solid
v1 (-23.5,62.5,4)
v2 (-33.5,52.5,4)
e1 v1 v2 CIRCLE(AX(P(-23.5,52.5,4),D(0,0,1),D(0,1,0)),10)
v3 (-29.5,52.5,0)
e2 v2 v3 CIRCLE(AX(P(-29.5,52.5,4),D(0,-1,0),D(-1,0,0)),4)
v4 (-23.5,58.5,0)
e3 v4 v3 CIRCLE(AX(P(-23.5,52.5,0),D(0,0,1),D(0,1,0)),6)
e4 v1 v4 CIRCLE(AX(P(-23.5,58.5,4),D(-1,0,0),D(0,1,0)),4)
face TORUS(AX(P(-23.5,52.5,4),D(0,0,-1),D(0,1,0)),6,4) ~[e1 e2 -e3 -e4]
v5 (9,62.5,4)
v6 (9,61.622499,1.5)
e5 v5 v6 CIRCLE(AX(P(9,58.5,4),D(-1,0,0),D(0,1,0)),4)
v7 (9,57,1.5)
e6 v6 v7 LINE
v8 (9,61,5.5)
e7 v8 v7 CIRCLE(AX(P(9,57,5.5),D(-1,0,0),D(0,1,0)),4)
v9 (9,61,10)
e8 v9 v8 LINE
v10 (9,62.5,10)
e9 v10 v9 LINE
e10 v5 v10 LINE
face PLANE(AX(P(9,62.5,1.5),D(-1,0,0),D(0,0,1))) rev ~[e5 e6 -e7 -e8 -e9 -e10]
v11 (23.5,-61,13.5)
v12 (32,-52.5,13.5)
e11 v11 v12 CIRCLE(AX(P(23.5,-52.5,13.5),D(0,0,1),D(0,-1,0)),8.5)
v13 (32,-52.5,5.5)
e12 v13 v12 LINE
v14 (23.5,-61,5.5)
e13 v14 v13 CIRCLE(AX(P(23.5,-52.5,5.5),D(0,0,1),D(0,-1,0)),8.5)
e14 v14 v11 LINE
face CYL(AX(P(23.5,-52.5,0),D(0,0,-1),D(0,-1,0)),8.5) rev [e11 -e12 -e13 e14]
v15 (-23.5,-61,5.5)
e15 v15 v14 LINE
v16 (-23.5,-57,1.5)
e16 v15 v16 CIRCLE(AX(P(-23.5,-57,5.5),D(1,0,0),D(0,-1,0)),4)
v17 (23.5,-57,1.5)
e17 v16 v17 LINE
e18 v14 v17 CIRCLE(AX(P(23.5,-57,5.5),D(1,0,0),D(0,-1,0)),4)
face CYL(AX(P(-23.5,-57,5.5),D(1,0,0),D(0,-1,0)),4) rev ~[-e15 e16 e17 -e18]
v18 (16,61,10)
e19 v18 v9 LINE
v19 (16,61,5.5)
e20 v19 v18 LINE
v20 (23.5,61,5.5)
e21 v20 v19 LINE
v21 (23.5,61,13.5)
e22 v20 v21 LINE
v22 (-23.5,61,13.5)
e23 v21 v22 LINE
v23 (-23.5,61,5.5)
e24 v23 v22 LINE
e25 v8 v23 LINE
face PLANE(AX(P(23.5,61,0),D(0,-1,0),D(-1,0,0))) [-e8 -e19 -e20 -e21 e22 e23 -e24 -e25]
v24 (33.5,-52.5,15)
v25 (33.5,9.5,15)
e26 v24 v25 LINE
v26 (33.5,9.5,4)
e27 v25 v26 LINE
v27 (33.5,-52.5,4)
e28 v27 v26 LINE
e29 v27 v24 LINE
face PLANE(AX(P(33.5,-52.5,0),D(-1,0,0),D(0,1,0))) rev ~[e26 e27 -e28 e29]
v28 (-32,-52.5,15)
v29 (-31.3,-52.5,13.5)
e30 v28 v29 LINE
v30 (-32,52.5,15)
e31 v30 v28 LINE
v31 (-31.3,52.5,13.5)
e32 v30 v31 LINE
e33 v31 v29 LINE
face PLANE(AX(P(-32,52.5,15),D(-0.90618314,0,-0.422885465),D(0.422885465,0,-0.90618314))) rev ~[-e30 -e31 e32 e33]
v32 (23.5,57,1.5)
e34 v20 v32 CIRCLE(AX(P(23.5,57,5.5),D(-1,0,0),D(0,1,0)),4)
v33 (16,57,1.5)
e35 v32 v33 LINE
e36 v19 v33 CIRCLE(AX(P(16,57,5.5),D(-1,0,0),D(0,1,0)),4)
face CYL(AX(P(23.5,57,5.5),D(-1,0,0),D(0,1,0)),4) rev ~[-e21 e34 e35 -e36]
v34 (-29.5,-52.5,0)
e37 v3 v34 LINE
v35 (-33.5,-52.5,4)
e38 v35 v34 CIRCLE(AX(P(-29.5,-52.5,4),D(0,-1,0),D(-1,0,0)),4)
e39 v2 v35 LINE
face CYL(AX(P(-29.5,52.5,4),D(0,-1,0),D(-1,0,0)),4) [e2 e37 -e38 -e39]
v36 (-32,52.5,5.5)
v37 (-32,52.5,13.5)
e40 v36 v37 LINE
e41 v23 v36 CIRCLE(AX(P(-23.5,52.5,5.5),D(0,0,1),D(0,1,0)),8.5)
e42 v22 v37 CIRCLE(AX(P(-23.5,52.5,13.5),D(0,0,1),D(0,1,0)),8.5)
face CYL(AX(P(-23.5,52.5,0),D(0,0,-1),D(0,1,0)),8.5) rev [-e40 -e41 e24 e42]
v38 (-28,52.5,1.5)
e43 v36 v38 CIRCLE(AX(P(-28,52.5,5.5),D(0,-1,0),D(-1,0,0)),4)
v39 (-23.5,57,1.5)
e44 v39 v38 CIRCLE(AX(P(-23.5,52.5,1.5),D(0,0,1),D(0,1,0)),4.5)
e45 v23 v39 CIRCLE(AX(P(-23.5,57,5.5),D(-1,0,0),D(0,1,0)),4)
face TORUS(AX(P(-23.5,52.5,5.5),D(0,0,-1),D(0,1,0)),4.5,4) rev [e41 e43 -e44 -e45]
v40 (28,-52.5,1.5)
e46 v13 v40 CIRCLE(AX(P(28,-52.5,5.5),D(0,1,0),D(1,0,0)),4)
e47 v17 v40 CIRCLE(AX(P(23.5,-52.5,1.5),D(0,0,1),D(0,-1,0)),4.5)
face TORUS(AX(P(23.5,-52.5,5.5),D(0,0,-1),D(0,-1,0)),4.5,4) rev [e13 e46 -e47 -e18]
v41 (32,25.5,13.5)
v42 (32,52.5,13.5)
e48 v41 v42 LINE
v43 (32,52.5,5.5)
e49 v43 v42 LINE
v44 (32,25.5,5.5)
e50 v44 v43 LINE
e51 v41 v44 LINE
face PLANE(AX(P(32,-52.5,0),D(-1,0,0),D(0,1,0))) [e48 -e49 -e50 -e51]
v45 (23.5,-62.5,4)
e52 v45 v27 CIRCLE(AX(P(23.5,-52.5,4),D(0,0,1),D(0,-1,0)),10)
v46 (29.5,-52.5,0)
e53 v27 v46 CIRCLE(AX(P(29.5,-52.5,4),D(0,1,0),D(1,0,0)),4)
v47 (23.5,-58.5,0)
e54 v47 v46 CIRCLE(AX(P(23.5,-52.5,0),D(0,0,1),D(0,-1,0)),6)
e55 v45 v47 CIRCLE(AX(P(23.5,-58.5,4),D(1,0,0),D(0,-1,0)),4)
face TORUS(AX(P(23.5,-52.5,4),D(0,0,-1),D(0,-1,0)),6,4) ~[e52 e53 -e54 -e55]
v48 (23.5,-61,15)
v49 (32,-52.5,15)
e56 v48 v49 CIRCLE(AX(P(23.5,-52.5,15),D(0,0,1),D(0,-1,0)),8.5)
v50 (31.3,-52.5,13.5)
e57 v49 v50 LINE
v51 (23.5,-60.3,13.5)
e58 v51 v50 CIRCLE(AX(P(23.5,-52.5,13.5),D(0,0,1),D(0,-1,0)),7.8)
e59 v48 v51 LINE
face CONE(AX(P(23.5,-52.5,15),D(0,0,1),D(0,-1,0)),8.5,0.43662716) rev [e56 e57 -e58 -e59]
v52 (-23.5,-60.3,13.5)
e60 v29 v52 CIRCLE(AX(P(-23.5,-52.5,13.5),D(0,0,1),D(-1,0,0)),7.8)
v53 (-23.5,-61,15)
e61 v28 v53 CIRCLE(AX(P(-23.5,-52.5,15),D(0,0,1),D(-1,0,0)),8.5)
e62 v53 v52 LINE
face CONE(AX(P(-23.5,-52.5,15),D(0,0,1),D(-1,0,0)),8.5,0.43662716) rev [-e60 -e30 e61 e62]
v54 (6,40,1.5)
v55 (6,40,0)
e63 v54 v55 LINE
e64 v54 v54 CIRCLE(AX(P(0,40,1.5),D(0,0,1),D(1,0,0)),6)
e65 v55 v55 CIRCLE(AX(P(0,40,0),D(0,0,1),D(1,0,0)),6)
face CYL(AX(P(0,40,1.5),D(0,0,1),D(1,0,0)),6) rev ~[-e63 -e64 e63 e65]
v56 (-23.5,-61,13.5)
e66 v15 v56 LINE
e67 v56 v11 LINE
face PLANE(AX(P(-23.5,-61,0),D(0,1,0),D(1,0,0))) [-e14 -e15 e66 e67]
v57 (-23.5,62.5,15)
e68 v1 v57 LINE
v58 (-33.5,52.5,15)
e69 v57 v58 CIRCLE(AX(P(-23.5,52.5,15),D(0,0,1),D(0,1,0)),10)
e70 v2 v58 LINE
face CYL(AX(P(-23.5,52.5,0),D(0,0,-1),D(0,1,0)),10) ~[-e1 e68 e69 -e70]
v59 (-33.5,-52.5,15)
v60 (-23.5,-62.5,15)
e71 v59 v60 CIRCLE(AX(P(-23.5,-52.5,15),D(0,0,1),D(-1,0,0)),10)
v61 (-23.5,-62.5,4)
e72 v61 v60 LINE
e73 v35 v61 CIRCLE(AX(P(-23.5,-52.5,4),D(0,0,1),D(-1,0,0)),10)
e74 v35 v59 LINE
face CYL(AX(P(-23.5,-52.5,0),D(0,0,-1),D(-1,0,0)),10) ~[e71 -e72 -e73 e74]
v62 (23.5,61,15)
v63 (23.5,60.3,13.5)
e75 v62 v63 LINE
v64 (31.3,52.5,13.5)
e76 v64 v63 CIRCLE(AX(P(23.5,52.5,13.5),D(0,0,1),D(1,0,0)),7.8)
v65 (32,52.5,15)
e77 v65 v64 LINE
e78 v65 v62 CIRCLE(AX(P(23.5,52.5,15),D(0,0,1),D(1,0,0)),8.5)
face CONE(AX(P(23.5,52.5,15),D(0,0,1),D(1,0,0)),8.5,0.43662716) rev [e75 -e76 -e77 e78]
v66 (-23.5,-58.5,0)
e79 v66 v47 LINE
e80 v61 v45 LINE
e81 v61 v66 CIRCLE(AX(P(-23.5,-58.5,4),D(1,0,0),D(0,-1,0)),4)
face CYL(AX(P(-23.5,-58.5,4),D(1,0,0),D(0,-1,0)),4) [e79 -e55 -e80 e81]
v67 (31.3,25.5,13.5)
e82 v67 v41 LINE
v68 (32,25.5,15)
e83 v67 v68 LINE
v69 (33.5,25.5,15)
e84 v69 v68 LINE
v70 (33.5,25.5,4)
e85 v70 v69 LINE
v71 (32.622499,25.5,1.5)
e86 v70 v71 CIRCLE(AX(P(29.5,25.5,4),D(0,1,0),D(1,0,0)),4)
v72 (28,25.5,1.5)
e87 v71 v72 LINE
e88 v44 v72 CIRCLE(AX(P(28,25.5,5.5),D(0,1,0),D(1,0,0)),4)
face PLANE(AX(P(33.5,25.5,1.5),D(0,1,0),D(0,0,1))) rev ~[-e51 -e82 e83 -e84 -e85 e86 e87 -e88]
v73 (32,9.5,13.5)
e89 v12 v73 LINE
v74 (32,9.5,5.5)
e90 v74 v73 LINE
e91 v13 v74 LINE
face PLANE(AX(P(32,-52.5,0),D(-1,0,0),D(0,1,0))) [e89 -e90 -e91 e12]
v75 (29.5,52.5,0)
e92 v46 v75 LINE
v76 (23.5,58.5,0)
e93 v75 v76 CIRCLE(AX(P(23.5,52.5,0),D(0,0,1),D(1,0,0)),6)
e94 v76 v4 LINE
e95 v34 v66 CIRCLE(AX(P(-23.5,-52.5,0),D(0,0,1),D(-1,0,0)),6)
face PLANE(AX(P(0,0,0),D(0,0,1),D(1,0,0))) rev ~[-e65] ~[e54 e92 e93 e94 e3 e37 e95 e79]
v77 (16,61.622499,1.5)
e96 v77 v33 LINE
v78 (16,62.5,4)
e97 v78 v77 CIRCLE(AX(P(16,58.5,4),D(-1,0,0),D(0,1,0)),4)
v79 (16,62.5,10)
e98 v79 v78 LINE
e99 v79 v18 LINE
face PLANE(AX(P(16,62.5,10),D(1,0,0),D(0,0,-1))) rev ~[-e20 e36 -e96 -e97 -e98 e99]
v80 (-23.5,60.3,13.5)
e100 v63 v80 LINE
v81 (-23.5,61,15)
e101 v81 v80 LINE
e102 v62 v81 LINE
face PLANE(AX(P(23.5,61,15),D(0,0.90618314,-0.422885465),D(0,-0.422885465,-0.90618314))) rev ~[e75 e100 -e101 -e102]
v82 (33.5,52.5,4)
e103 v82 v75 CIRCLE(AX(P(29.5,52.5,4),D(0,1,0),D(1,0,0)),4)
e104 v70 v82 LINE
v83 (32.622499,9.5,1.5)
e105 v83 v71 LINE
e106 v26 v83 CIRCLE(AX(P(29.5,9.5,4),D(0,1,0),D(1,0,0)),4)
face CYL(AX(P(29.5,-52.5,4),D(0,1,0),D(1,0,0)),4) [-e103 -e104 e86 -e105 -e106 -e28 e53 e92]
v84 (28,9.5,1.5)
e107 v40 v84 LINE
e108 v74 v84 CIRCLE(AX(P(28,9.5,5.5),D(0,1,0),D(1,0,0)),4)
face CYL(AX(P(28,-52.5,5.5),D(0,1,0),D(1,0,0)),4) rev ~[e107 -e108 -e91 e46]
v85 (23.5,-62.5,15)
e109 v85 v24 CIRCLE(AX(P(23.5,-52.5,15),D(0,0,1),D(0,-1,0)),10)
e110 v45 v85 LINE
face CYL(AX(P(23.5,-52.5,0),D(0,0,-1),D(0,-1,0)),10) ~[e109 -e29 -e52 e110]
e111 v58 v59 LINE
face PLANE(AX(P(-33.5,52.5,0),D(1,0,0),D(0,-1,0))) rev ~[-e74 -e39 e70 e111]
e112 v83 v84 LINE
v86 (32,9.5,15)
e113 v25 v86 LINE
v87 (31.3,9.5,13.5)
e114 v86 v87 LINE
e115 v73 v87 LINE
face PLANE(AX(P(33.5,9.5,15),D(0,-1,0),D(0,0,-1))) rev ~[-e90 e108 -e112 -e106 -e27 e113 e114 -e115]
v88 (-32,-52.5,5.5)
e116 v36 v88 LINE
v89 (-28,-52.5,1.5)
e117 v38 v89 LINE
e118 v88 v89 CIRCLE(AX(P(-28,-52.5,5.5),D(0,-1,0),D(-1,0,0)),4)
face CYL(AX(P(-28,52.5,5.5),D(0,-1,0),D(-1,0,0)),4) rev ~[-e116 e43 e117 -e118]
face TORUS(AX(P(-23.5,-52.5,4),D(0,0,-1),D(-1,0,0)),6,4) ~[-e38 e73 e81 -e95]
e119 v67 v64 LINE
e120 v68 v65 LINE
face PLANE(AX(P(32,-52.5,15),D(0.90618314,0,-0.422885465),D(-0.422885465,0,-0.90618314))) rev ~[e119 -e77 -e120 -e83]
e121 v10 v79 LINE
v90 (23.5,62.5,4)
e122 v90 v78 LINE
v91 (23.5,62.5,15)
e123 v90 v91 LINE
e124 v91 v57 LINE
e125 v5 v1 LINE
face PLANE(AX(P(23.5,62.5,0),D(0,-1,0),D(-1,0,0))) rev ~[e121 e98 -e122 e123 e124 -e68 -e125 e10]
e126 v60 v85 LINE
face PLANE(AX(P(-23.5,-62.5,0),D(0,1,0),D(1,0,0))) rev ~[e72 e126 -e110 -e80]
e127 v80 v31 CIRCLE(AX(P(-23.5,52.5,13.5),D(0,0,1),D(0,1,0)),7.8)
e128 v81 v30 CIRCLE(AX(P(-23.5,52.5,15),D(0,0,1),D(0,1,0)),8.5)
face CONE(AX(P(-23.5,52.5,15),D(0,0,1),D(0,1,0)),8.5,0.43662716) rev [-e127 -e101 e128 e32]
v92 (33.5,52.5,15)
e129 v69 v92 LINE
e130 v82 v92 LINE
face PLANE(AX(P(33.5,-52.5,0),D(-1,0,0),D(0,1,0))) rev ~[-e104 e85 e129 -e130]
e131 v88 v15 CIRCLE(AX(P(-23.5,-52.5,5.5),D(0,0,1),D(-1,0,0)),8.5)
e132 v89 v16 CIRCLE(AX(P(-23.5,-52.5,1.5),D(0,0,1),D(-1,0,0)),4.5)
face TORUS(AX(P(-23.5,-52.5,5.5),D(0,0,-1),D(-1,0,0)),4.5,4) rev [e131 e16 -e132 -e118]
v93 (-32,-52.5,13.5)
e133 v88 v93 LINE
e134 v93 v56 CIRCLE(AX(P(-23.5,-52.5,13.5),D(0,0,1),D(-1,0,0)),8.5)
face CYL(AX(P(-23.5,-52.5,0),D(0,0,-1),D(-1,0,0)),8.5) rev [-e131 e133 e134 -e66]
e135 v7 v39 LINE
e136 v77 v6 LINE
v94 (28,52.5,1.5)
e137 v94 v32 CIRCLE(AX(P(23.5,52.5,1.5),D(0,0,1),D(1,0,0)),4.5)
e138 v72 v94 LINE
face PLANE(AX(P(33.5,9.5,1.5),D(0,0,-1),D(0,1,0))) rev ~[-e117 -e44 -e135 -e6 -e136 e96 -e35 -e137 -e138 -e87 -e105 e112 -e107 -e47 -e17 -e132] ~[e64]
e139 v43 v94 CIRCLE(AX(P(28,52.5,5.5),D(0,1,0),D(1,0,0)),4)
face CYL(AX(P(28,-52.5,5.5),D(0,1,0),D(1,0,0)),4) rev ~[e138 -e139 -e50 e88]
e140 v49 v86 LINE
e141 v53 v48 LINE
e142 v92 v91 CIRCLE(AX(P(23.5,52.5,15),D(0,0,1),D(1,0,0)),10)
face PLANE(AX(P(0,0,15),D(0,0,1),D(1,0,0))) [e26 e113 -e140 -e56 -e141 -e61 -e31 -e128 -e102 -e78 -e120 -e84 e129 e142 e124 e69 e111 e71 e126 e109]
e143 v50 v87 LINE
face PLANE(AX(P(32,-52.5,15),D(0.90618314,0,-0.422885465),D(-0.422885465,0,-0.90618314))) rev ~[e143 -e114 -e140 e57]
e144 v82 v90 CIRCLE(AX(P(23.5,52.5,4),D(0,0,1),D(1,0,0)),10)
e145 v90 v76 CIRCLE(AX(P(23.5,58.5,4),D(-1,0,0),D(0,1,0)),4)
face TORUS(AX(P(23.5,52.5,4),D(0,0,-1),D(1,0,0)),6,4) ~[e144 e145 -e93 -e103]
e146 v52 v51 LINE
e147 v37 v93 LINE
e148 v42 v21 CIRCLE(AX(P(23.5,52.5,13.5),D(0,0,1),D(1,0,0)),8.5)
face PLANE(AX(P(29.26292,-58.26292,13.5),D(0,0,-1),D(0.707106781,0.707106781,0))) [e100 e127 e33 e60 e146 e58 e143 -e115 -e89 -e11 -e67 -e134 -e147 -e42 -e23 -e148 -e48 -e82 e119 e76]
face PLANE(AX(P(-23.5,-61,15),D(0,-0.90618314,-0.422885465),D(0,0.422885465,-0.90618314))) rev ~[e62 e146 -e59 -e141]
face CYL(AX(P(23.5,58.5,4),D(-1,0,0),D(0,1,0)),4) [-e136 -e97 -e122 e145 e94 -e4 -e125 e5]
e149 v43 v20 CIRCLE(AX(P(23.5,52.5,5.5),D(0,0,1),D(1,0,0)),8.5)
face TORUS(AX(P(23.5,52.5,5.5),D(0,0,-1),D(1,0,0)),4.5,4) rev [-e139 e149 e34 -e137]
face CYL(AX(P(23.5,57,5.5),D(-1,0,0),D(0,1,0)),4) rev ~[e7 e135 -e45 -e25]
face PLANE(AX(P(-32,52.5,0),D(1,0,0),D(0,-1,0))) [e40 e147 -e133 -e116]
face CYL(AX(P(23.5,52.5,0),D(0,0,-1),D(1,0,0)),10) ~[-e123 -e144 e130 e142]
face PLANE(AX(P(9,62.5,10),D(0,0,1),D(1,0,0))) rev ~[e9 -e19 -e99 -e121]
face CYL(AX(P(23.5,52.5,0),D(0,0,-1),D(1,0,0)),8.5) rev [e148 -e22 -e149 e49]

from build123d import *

# Parameters (mm, degrees)
F1_DEPTH  = 15
F2_T      = -1.5
F3_R      = 6
F4_DEPTH  = 25
F5_R      = 4
F6_R      = 4
F12_DEPTH = 7
F13_W     = 7
F13_H     = 2.5
F14_DEPTH = 25


with BuildPart() as f1:
    # F0 (on Top) → F1 (new body)
    with BuildSketch(Plane.XY):
        with BuildLine():
            Line((23.5, 62.5), (-23.5, 62.5))
            ThreePointArc((-23.5, 62.5), (-30.5710678119, 59.5710678119), (-33.5, 52.5))
            Line((-33.5, 52.5), (-33.5, -52.5))
            ThreePointArc((-33.5, -52.5), (-30.5710678119, -59.5710678119), (-23.5, -62.5))
            Line((-23.5, -62.5), (23.5, -62.5))
            ThreePointArc((23.5, -62.5), (30.5710678119, -59.5710678119), (33.5, -52.5))
            Line((33.5, -52.5), (33.5, 52.5))
            ThreePointArc((33.5, 52.5), (30.5710678119, 59.5710678119), (23.5, 62.5))
        make_face()
    extrude(amount=F1_DEPTH)

    # F2
    f2_openings = [f1.faces().sort_by_distance(p)[0] for p in [
        (0, 0, 15),
    ]]
    offset(amount=F2_T, openings=f2_openings)

    # F3 (on face) → F4 (cut)
    with BuildSketch(Plane.XY.offset(1.5)):
        with Locations((0, 40)):
            Circle(F3_R)
    extrude(amount=-F4_DEPTH, mode=Mode.SUBTRACT)

    # F5
    f5_edges = [f1.edges().sort_by_distance(p)[0] for p in [
        (32, 0, 1.5),
        (29.510408, 58.510408, 1.5),
        (0, 61, 1.5),
        (-29.510408, 58.510408, 1.5),
        (-32, 0, 1.5),
        (-29.510408, -58.510408, 1.5),
        (0, -61, 1.5),
        (29.510408, -58.510408, 1.5),
    ]]
    fillet(f5_edges, radius=F5_R)

    # F6
    f6_edges = [f1.edges().sort_by_distance(p)[0] for p in [
        (-33.5, 0, 0),
        (-30.571068, 59.571068, 0),
        (-30.571068, -59.571068, 0),
        (0, -62.5, 0),
        (30.571068, -59.571068, 0),
        (33.5, 0, 0),
        (0, 62.5, 0),
        (30.571068, 59.571068, 0),
    ]]
    fillet(f6_edges, radius=F6_R)

    # F10: sweep along a path in F10_path
    with BuildLine(Plane(origin=(32, -52.5, 15), x_dir=(0, 1, 0), z_dir=(0, 0, 1))) as f10_path:
        Line((0, 0), (105, 0))
        ThreePointArc((105, 0), (111.0104076401, 2.4895923599), (113.5, 8.5))
        Line((113.5, 8.5), (113.5, 55.5))
        ThreePointArc((113.5, 55.5), (111.0104076401, 61.5104076401), (105, 64))
        Line((105, 64), (0, 64))
        ThreePointArc((0, 64), (-6.0104076401, 61.5104076401), (-8.5, 55.5))
        Line((-8.5, 55.5), (-8.5, 8.5))
    # F9 (on offset) → F10 (sweep)
    with BuildSketch(Plane.XZ.offset(52.5)):
        Polygon((32, 13.5), (32, 15), (31.3, 13.5), align=None)
    sweep(path=f10_path.line)

    # F11: sweep along a path in F11_path
    with BuildLine(Plane(origin=(23.5, -61, 15), x_dir=(0, -1, 0), z_dir=(0, 0, -1))) as f11_path:
        ThreePointArc((0, 0), (-2.4895923599, -6.0104076401), (-8.5, -8.5))
    # F9 (on offset) → F11 (sweep)
    with BuildSketch(Plane.XZ.offset(52.5)):
        Polygon((32, 13.5), (32, 15), (31.3, 13.5), align=None)
    sweep(path=f11_path.line)

    # F7 (on face) → F12 (cut)
    with BuildSketch(Plane.YZ.offset(33.5)):
        Polygon((25.5, 15), (9.5, 15), (9.5, 1.5), (25.5, 1.5), (25.5, 9.5), align=None)
    extrude(amount=-F12_DEPTH, mode=Mode.SUBTRACT)

    # F13 (on face) → F14 (cut)
    with BuildSketch(Plane(origin=(0, 62.5, 0), x_dir=(-1, 0, 0), z_dir=(0, 1, 0))):
        Polygon((-16, 10), (-16, 9.5), (-16, 4), (-9, 4), (-9, 10), align=None)
        with Locations((-12.5, 2.75)):
            Rectangle(F13_W, F13_H)
    extrude(amount=-F14_DEPTH, mode=Mode.SUBTRACT)


solid = f1.part
